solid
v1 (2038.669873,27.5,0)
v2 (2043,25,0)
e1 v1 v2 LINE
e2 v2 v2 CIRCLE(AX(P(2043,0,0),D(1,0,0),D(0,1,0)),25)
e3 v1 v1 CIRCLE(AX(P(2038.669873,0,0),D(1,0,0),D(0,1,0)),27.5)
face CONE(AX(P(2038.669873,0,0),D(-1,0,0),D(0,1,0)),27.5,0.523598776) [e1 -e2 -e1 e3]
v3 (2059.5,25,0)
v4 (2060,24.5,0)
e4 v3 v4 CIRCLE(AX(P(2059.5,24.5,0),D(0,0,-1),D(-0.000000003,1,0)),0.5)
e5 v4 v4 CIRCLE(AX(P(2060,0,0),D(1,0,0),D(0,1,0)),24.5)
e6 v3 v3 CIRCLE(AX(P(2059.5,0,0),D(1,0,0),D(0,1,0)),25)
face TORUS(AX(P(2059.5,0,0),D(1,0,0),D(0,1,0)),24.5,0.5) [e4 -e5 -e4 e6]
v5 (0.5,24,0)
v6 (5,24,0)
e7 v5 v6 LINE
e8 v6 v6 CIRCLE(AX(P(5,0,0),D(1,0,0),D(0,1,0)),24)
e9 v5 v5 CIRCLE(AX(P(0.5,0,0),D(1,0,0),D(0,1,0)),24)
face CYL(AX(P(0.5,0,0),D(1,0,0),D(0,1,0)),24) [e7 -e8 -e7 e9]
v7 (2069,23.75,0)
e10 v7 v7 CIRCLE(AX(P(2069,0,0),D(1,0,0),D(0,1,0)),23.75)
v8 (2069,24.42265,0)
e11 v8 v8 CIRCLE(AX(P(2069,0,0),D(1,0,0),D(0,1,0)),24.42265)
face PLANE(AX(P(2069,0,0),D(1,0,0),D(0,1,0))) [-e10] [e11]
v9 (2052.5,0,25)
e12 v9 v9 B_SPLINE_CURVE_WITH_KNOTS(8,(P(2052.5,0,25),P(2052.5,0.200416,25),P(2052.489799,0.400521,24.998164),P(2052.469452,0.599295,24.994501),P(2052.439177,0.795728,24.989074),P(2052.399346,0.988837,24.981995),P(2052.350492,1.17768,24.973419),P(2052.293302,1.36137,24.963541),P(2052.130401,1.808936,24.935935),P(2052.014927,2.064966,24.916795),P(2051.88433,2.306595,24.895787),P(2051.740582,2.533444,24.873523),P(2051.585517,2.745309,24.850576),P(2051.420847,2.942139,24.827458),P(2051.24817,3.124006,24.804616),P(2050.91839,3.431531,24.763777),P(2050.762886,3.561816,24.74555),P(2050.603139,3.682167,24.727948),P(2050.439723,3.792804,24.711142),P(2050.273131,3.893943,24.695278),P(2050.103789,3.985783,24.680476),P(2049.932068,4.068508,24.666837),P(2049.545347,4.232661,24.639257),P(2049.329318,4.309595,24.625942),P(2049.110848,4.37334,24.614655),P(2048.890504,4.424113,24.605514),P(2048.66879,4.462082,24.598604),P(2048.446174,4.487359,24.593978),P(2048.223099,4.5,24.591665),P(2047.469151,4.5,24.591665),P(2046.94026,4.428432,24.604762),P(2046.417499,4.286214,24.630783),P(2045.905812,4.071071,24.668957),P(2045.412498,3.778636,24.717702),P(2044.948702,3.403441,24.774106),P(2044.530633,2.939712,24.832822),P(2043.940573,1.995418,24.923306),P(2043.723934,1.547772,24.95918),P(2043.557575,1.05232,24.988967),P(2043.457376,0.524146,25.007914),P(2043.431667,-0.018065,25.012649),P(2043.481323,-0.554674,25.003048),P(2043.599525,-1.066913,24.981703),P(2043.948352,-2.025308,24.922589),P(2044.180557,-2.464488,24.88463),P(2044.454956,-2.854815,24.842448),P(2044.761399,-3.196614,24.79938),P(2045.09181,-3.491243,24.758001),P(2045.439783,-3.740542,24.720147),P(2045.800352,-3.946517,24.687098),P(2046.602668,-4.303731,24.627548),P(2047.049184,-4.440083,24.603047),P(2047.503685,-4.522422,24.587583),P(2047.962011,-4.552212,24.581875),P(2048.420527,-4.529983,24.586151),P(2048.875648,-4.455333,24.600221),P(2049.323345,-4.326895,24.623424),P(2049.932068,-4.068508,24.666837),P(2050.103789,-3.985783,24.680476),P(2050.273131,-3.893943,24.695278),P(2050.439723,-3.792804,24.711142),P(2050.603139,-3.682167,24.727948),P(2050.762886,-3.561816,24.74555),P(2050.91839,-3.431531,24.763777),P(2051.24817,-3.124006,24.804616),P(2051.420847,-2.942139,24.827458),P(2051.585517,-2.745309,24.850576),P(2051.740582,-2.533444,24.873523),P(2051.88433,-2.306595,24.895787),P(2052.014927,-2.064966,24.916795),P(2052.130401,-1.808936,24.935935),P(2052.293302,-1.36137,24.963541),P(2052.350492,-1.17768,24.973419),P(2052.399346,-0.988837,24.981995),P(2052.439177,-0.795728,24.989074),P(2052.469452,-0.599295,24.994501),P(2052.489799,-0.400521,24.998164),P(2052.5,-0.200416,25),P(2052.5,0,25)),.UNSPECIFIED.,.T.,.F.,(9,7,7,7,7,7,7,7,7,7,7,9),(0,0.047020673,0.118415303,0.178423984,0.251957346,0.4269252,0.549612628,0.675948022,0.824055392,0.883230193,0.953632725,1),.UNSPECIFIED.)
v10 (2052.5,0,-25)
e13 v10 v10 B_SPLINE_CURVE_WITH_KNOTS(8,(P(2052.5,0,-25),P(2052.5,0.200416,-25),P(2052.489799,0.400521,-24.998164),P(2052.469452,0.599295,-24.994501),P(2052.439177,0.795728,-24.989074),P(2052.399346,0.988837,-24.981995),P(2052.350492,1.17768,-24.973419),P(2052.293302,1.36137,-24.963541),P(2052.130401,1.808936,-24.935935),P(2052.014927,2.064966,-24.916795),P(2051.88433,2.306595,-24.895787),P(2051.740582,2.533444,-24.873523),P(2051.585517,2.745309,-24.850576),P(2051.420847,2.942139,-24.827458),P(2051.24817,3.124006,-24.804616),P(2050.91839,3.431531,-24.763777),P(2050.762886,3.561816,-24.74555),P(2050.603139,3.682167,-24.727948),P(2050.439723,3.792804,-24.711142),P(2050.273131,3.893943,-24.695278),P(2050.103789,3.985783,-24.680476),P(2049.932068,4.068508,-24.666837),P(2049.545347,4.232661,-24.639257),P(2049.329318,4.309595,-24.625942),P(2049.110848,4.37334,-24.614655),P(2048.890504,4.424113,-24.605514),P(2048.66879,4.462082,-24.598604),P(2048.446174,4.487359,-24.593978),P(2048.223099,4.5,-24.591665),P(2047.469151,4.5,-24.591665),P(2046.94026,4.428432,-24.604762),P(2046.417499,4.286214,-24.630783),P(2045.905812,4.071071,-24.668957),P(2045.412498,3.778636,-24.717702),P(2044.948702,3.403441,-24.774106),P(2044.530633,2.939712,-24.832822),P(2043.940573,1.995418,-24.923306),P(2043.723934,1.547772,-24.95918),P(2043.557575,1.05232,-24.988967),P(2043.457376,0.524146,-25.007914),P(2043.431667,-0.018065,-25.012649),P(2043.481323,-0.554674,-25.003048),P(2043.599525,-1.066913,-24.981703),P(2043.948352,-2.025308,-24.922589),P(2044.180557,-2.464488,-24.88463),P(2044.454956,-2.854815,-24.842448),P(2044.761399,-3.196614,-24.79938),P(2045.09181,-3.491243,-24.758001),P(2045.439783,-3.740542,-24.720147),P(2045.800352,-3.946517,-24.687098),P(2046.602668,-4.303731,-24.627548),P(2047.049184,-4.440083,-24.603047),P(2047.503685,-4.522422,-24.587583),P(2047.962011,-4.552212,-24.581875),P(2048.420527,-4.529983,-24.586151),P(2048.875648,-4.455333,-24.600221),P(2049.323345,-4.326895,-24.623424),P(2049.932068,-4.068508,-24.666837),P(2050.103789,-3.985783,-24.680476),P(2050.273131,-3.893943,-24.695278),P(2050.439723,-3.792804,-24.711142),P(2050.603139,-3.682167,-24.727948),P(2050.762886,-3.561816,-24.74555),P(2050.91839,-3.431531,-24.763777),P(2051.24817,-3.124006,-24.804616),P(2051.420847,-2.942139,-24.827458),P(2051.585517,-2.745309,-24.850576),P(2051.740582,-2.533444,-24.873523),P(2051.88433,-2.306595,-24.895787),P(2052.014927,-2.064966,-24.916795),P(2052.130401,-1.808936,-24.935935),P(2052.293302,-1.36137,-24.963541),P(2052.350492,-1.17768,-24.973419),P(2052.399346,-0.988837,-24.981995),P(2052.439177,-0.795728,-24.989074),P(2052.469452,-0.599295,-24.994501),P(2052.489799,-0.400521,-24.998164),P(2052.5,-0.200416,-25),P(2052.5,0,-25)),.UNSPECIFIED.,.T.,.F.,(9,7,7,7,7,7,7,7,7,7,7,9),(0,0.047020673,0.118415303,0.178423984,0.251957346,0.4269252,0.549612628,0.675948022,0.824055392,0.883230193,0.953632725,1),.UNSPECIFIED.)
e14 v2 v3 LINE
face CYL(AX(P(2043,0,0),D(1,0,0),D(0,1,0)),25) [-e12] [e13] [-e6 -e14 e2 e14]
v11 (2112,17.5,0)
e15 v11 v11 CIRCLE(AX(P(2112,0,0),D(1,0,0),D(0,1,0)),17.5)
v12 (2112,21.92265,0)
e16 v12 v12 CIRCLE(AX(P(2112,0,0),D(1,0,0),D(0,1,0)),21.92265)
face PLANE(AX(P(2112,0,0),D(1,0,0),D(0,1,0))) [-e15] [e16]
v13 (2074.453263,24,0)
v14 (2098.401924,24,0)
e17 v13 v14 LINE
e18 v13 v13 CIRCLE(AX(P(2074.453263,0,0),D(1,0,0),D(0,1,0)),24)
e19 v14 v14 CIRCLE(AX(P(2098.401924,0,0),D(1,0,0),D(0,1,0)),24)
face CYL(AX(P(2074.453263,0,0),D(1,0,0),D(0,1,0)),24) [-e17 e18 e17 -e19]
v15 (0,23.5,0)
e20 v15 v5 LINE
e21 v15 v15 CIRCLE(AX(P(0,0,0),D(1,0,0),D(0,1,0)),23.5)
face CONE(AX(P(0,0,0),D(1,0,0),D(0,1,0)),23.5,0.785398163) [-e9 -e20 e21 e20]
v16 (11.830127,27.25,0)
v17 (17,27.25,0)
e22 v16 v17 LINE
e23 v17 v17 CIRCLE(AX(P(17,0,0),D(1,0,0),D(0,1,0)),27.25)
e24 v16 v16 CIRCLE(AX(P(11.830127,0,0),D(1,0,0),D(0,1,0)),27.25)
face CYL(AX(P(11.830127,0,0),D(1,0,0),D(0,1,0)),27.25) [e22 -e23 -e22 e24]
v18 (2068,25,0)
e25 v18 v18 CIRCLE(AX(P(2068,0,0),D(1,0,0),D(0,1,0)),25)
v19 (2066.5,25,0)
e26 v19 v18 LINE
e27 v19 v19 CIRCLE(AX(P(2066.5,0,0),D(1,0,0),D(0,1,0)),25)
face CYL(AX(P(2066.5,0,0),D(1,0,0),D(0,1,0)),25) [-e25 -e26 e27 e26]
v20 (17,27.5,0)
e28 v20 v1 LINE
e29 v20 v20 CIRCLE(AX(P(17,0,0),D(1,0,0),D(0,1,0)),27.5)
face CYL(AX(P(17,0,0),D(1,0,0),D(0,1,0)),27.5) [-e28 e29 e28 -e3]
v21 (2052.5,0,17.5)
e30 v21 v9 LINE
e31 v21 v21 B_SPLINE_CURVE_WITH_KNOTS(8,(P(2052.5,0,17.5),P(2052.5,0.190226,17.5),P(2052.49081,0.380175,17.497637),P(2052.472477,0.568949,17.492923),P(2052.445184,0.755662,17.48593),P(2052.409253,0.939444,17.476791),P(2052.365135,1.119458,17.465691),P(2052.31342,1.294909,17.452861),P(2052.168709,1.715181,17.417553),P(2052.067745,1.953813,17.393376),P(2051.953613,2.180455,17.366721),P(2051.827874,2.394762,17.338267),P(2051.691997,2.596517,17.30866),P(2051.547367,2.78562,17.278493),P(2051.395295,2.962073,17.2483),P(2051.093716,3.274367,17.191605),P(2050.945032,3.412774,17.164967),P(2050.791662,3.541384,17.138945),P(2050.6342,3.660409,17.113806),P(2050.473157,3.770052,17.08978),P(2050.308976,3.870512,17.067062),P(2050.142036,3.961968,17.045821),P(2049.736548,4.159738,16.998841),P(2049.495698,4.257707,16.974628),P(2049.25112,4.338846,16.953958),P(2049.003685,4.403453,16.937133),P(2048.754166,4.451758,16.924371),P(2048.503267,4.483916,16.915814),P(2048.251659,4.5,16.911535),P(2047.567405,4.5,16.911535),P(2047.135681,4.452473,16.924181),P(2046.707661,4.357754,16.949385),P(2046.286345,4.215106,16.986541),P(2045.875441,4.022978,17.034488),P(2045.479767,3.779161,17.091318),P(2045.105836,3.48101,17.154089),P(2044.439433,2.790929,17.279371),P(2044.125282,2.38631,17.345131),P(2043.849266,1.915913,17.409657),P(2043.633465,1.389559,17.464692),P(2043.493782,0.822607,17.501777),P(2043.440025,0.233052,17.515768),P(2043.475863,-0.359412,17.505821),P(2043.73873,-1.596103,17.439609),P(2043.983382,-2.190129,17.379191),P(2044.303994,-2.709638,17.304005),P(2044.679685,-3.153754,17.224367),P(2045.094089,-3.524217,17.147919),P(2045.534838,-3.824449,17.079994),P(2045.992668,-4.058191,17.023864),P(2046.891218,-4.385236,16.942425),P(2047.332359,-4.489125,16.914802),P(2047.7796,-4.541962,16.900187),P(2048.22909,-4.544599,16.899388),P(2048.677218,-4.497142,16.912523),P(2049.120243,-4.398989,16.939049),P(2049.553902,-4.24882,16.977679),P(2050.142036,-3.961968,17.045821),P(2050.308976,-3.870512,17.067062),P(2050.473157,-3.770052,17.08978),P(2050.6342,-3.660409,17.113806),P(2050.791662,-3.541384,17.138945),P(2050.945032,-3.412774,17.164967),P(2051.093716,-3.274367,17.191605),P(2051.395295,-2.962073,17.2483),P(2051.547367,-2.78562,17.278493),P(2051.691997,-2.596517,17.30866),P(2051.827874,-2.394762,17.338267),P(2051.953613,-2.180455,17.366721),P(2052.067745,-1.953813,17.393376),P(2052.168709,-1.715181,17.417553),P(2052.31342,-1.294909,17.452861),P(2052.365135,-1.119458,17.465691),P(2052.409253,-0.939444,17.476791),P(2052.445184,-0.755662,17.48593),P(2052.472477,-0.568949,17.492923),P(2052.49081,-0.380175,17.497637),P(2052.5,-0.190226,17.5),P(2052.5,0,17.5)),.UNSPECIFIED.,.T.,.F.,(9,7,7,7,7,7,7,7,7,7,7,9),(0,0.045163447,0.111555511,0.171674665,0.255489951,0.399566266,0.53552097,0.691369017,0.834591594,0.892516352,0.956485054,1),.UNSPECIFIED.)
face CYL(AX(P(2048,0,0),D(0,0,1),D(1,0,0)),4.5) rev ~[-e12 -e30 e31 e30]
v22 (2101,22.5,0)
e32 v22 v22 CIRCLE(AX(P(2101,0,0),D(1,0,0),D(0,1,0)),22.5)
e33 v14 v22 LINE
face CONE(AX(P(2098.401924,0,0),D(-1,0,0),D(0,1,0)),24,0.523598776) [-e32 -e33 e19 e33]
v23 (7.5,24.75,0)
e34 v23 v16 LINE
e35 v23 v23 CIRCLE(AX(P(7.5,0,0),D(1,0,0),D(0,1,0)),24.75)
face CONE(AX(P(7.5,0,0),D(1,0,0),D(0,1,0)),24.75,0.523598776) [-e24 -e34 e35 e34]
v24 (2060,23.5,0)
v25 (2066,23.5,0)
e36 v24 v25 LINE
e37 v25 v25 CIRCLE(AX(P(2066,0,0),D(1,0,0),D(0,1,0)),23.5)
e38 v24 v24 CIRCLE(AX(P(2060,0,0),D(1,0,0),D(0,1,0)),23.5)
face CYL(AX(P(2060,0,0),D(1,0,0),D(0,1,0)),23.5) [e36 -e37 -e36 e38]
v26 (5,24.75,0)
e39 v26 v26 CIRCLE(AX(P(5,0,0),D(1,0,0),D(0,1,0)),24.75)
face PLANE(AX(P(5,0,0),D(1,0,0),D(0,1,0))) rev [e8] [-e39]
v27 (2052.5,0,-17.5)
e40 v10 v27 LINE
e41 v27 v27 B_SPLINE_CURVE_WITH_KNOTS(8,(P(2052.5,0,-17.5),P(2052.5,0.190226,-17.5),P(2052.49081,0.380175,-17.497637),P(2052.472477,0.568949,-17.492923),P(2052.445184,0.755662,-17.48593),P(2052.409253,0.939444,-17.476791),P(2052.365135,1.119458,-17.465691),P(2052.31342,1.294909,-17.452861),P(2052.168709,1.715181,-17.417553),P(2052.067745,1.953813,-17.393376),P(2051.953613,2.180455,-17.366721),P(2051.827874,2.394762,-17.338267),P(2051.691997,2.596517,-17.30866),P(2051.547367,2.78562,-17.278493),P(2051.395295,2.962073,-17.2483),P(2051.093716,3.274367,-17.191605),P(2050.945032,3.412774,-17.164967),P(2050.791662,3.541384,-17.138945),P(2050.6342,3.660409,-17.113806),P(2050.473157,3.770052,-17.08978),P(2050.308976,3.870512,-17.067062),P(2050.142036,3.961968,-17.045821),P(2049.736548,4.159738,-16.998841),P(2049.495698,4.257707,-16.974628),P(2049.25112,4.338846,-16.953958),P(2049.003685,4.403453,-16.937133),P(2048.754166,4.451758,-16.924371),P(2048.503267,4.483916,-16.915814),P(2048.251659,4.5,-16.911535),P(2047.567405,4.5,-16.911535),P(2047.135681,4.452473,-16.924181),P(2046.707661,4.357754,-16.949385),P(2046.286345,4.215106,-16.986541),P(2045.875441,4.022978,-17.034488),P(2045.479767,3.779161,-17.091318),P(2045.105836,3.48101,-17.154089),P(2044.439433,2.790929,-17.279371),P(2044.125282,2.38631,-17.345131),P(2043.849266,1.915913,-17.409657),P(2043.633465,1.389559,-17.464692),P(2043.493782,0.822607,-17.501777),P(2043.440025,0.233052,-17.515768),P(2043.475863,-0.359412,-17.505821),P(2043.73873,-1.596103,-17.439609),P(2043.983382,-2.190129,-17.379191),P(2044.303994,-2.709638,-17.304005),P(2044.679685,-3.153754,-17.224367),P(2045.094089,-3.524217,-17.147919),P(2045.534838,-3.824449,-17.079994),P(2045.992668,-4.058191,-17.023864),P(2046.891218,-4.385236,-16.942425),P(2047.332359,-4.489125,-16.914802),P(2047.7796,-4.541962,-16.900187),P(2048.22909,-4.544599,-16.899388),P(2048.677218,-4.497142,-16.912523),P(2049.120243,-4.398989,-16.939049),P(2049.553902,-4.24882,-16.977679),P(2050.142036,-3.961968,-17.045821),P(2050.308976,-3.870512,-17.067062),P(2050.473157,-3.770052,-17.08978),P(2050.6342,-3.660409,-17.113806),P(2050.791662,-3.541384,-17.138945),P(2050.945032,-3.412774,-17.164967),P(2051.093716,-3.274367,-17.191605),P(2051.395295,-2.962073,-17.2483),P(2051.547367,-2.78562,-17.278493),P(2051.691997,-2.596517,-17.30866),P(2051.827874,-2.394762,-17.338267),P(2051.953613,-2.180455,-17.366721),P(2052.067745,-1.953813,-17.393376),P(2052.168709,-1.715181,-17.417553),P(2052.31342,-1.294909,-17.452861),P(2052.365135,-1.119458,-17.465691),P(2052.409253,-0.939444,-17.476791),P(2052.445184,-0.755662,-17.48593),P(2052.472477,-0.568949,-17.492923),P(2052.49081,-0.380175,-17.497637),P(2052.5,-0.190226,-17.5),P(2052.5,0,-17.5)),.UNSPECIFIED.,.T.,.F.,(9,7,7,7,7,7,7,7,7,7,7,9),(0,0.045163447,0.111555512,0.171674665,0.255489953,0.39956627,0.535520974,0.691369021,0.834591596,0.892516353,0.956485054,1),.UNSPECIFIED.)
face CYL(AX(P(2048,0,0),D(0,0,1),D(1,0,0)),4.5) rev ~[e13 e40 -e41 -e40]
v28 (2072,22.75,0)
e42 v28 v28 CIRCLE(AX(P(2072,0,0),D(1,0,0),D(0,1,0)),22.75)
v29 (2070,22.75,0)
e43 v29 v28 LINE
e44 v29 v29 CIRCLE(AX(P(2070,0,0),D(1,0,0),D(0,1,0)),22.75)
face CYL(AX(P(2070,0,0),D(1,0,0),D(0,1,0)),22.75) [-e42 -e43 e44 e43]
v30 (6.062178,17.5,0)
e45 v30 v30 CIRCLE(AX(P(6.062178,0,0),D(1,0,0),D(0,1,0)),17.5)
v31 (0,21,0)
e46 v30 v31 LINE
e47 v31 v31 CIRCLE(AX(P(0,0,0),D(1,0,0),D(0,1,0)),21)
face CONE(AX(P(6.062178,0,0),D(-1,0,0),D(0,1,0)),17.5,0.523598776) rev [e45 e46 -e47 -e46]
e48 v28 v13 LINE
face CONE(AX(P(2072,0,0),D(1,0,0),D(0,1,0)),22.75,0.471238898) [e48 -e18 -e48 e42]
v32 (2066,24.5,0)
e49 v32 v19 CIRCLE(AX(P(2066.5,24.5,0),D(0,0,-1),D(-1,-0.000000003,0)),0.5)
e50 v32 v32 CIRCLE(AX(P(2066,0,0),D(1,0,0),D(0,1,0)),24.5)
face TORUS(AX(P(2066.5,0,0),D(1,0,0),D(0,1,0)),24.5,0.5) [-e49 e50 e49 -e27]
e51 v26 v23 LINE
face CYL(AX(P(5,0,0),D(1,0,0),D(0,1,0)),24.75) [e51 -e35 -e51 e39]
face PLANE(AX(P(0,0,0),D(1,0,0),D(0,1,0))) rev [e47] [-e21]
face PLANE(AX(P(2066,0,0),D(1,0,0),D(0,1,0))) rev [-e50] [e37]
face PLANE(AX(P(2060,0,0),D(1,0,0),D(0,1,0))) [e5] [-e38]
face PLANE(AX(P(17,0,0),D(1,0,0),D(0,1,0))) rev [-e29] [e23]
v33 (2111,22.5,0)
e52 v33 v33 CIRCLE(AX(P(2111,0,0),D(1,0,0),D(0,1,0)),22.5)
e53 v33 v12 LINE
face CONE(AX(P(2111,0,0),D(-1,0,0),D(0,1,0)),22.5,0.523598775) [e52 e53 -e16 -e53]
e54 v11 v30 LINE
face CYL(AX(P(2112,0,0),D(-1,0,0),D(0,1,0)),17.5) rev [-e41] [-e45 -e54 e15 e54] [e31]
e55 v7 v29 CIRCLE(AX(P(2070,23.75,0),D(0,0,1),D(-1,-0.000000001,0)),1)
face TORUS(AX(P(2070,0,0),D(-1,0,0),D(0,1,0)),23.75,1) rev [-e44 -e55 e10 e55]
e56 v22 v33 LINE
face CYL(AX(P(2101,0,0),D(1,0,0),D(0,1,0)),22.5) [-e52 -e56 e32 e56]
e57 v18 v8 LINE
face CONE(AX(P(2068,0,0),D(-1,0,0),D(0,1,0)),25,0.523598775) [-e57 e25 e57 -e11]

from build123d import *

# Parameters (mm, degrees)
SKETCH2_R          = 4.5
CUT_EXTRUDE1_DEPTH = 50


with BuildPart() as part:
    # Sketch1 → Base-Revolve (revolve)
    with BuildSketch(Plane.XY):
        with BuildLine():
            Line((0, 21), (0, 23.5))
            Line((0, 23.5), (0.5, 24))
            Line((0.5, 24), (5, 24))
            Line((5, 24), (5, 24.75))
            Line((5, 24.75), (7.5, 24.75))
            Line((7.5, 24.75), (11.830127019, 27.25))
            Line((11.830127019, 27.25), (17, 27.25))
            Line((17, 27.25), (17, 27.5))
            Line((17, 27.5), (2038.669872981, 27.5))
            Line((2038.669872981, 27.5), (2043, 25))
            Line((2043, 25), (2059.5, 25))
            ThreePointArc((2059.5, 25), (2059.853553391, 24.853553391), (2060, 24.5))
            Line((2060, 24.5), (2060, 23.5))
            Line((2060, 23.5), (2066, 23.5))
            Line((2066, 23.5), (2066, 24.5))
            ThreePointArc((2066, 24.5), (2066.146446609, 24.853553391), (2066.5, 25))
            Line((2066.5, 25), (2068, 25))
            Line((2068, 25), (2069, 24.422649731))
            Line((2069, 24.422649731), (2069, 23.75))
            ThreePointArc((2069, 23.75), (2069.292893219, 23.042893219), (2070, 22.75))
            Line((2070, 22.75), (2072, 22.75))
            Line((2072, 22.75), (2074.453263132, 24))
            Line((2074.453263132, 24), (2098.401923789, 24))
            Line((2098.401923789, 24), (2101, 22.5))
            Line((2101, 22.5), (2111, 22.5))
            Line((2111, 22.5), (2112, 21.922649731))
            Line((2112, 21.922649731), (2112, 17.5))
            Line((2112, 17.5), (6.062177826, 17.5))
            Line((6.062177826, 17.5), (0, 21))
        make_face()
    revolve(axis=Axis((0, 0, 0), (1, 0, 0)))

    # Sketch2 → Cut-Extrude1 (cut, symmetric)
    with BuildSketch(Plane.XY):
        with Locations((2048, 0)):
            Circle(SKETCH2_R)
    extrude(amount=CUT_EXTRUDE1_DEPTH, both=True, mode=Mode.SUBTRACT)


solid = part.part
